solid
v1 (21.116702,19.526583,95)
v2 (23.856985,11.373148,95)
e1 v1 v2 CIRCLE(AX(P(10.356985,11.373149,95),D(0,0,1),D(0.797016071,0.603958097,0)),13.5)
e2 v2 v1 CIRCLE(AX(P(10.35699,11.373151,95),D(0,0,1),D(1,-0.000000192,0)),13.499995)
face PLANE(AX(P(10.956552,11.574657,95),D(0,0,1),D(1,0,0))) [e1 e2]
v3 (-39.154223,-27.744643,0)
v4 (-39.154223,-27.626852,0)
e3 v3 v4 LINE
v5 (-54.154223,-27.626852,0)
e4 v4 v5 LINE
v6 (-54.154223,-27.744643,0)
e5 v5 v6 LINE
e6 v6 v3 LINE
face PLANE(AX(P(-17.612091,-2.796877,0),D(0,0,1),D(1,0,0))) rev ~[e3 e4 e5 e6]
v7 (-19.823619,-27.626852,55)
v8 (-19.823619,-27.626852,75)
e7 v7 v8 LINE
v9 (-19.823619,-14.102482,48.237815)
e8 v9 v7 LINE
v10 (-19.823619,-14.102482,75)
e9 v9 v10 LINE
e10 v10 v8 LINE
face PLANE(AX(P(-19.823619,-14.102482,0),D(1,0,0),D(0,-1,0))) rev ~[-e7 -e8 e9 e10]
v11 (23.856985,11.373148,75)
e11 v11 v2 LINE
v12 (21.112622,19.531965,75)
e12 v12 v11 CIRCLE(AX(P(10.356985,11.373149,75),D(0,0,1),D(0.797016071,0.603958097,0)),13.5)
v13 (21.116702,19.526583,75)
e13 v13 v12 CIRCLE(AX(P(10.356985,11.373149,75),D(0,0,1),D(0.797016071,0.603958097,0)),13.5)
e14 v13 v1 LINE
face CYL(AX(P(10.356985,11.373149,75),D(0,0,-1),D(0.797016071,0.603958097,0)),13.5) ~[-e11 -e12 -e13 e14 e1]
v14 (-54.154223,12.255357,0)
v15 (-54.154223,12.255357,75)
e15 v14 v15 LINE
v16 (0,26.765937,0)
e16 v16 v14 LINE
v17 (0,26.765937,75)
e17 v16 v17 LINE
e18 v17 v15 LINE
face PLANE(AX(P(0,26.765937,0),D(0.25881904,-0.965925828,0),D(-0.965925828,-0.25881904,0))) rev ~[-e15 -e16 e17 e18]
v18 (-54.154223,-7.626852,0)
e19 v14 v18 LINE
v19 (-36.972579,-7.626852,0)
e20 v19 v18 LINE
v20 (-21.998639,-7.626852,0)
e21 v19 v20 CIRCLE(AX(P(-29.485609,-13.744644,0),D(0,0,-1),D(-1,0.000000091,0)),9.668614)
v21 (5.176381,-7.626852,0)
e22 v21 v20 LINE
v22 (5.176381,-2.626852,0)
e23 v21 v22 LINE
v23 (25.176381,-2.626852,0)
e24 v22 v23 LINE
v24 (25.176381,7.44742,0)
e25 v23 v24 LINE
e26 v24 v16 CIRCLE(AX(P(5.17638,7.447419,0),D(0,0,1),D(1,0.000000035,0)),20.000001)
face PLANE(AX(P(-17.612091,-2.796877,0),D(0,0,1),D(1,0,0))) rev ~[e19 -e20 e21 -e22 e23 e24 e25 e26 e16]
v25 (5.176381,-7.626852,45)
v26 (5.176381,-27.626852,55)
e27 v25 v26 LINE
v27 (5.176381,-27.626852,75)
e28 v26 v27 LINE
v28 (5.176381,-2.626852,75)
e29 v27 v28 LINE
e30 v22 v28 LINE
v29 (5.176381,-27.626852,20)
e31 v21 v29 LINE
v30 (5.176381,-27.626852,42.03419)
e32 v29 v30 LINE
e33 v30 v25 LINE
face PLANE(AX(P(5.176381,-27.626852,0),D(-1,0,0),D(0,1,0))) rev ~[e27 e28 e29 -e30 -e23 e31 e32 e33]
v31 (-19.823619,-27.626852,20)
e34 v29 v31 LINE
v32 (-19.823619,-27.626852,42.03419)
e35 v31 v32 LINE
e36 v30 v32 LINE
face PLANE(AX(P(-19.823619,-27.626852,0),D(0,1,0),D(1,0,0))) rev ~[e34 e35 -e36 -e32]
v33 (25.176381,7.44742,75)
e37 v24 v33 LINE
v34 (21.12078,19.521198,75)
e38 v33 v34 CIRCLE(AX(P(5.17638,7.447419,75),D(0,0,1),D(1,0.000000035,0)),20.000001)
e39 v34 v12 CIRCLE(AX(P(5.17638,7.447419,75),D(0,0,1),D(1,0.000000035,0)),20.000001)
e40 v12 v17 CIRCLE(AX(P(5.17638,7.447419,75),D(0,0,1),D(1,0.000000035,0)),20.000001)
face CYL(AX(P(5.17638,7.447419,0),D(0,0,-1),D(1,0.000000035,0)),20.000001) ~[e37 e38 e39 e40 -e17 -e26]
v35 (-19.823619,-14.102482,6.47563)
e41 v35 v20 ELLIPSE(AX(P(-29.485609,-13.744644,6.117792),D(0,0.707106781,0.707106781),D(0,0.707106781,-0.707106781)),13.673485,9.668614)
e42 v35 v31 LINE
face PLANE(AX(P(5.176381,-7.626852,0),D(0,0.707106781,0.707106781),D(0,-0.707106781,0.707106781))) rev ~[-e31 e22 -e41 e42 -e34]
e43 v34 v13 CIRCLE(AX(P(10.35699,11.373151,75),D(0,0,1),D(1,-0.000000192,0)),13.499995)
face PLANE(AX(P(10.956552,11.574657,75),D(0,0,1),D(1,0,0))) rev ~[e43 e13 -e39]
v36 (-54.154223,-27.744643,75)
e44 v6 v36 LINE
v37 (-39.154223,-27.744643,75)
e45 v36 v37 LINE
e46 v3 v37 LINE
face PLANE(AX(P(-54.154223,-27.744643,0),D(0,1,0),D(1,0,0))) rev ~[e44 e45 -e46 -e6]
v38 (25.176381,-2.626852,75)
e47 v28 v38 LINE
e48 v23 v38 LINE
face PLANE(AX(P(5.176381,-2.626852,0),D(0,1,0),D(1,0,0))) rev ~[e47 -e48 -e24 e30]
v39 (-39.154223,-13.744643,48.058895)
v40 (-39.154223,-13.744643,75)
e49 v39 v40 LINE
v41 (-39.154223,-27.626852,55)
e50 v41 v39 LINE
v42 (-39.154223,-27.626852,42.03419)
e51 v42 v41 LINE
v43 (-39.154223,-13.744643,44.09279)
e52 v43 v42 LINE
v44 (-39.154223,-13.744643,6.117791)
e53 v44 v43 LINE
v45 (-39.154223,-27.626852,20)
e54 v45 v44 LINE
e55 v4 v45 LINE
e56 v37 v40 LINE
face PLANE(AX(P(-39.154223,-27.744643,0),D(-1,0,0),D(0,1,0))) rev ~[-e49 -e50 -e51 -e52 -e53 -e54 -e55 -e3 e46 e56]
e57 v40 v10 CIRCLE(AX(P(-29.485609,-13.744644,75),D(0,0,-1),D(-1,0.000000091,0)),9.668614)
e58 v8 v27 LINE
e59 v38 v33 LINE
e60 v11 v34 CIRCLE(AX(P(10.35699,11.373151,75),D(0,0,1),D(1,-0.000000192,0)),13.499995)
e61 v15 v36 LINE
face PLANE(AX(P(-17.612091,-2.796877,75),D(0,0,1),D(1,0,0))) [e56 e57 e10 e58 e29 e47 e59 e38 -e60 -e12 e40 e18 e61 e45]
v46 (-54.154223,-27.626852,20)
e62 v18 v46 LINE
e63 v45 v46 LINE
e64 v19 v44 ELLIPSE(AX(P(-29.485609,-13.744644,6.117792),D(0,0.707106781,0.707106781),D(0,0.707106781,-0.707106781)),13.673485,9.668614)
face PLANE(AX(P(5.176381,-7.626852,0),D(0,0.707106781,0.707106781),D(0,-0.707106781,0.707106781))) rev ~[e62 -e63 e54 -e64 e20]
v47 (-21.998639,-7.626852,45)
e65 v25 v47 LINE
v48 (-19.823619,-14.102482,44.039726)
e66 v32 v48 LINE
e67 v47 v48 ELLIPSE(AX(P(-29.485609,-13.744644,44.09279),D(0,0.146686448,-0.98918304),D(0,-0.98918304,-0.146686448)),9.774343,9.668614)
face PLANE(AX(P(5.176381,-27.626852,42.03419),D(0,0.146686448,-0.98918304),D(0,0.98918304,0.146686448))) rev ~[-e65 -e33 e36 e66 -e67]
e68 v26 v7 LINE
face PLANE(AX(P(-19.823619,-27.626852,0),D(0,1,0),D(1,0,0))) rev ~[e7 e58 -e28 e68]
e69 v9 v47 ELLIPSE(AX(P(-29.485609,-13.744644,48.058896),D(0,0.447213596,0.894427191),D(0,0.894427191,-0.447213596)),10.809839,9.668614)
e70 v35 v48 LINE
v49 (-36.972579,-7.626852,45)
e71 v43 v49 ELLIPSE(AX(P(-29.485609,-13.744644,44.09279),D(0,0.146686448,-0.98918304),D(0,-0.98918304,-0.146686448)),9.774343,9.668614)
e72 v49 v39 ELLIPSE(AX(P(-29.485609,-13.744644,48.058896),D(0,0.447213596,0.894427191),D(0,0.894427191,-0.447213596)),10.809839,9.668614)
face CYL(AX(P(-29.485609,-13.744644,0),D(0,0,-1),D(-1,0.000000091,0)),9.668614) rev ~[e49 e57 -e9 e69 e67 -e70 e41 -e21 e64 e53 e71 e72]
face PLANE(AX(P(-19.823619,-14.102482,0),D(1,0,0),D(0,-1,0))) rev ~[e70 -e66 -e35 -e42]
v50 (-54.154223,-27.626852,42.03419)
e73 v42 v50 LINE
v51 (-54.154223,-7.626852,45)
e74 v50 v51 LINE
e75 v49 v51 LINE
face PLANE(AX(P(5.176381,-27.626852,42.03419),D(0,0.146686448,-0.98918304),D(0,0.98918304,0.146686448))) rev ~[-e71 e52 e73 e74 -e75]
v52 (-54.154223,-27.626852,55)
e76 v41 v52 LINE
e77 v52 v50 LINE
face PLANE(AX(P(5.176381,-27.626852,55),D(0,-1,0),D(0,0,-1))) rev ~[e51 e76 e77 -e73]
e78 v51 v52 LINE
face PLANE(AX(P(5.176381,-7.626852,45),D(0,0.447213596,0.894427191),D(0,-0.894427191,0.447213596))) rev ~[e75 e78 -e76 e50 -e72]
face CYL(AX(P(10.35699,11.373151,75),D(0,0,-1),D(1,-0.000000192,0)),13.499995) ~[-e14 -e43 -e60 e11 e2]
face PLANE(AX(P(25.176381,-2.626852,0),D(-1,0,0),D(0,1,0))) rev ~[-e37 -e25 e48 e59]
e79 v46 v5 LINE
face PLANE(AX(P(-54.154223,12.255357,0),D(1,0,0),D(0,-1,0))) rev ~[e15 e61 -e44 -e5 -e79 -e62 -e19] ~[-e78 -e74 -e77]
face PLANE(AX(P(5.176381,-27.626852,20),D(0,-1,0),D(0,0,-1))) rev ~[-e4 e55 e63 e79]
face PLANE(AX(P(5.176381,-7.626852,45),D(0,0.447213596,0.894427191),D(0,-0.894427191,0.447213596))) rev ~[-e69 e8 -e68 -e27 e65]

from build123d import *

# Parameters (mm, degrees)
F1_DEPTH = 75
F3_DEPTH = 20
F5_DEPTH = 59.331604


with BuildPart() as f1:
    # F0 (on Top) → F1 (new body)
    with BuildSketch(Plane.XY):
        with BuildLine():
            Line((0, 26.765937), (-54.154223, 12.255357))
            Line((-54.154223, 12.255357), (-54.154223, -27.744643))
            Line((-54.154223, -27.744643), (-39.154223, -27.744643))
            Line((-39.154223, -27.744643), (-39.154223, -13.744643))
            ThreePointArc((-39.154223, -13.744643), (-29.306659, -4.077686), (-19.823619, -14.102482))
            Line((-19.823619, -14.102482), (-19.823619, -27.626852))
            Line((-19.823619, -27.626852), (5.176381, -27.626852))
            Line((5.176381, -27.626852), (5.176381, -2.626852))
            Line((5.176381, -2.626852), (25.176381, -2.626852))
            Line((25.176381, -2.626852), (25.176381, 7.44742))
            ThreePointArc((25.176381, 7.44742), (17.351609, 23.314487), (0, 26.765937))
        make_face()
    extrude(amount=F1_DEPTH)

    # F2 (on face) → F3 (join)
    with BuildSketch(Plane.XY.offset(75)):
        with BuildLine():
            ThreePointArc((21.116702, 19.526583), (-2.439619, 7.072345), (23.856985, 11.373148))
            ThreePointArc((23.856985, 11.373148), (23.15359, 15.673952), (21.116702, 19.526583))
        make_face()
    extrude(amount=F3_DEPTH)

    # F4 (on face) → F5 (cut, through all)
    with BuildSketch(Plane.YZ.offset(5.176381)):
        Polygon((-7.626852, 0), (-27.626852, 20), (-27.626852, 0), align=None)
        Polygon((-7.626852, 45), (-27.626852, 55), (-27.626852, 42.03419), align=None)
    extrude(amount=-F5_DEPTH, mode=Mode.SUBTRACT)


solid = f1.part
